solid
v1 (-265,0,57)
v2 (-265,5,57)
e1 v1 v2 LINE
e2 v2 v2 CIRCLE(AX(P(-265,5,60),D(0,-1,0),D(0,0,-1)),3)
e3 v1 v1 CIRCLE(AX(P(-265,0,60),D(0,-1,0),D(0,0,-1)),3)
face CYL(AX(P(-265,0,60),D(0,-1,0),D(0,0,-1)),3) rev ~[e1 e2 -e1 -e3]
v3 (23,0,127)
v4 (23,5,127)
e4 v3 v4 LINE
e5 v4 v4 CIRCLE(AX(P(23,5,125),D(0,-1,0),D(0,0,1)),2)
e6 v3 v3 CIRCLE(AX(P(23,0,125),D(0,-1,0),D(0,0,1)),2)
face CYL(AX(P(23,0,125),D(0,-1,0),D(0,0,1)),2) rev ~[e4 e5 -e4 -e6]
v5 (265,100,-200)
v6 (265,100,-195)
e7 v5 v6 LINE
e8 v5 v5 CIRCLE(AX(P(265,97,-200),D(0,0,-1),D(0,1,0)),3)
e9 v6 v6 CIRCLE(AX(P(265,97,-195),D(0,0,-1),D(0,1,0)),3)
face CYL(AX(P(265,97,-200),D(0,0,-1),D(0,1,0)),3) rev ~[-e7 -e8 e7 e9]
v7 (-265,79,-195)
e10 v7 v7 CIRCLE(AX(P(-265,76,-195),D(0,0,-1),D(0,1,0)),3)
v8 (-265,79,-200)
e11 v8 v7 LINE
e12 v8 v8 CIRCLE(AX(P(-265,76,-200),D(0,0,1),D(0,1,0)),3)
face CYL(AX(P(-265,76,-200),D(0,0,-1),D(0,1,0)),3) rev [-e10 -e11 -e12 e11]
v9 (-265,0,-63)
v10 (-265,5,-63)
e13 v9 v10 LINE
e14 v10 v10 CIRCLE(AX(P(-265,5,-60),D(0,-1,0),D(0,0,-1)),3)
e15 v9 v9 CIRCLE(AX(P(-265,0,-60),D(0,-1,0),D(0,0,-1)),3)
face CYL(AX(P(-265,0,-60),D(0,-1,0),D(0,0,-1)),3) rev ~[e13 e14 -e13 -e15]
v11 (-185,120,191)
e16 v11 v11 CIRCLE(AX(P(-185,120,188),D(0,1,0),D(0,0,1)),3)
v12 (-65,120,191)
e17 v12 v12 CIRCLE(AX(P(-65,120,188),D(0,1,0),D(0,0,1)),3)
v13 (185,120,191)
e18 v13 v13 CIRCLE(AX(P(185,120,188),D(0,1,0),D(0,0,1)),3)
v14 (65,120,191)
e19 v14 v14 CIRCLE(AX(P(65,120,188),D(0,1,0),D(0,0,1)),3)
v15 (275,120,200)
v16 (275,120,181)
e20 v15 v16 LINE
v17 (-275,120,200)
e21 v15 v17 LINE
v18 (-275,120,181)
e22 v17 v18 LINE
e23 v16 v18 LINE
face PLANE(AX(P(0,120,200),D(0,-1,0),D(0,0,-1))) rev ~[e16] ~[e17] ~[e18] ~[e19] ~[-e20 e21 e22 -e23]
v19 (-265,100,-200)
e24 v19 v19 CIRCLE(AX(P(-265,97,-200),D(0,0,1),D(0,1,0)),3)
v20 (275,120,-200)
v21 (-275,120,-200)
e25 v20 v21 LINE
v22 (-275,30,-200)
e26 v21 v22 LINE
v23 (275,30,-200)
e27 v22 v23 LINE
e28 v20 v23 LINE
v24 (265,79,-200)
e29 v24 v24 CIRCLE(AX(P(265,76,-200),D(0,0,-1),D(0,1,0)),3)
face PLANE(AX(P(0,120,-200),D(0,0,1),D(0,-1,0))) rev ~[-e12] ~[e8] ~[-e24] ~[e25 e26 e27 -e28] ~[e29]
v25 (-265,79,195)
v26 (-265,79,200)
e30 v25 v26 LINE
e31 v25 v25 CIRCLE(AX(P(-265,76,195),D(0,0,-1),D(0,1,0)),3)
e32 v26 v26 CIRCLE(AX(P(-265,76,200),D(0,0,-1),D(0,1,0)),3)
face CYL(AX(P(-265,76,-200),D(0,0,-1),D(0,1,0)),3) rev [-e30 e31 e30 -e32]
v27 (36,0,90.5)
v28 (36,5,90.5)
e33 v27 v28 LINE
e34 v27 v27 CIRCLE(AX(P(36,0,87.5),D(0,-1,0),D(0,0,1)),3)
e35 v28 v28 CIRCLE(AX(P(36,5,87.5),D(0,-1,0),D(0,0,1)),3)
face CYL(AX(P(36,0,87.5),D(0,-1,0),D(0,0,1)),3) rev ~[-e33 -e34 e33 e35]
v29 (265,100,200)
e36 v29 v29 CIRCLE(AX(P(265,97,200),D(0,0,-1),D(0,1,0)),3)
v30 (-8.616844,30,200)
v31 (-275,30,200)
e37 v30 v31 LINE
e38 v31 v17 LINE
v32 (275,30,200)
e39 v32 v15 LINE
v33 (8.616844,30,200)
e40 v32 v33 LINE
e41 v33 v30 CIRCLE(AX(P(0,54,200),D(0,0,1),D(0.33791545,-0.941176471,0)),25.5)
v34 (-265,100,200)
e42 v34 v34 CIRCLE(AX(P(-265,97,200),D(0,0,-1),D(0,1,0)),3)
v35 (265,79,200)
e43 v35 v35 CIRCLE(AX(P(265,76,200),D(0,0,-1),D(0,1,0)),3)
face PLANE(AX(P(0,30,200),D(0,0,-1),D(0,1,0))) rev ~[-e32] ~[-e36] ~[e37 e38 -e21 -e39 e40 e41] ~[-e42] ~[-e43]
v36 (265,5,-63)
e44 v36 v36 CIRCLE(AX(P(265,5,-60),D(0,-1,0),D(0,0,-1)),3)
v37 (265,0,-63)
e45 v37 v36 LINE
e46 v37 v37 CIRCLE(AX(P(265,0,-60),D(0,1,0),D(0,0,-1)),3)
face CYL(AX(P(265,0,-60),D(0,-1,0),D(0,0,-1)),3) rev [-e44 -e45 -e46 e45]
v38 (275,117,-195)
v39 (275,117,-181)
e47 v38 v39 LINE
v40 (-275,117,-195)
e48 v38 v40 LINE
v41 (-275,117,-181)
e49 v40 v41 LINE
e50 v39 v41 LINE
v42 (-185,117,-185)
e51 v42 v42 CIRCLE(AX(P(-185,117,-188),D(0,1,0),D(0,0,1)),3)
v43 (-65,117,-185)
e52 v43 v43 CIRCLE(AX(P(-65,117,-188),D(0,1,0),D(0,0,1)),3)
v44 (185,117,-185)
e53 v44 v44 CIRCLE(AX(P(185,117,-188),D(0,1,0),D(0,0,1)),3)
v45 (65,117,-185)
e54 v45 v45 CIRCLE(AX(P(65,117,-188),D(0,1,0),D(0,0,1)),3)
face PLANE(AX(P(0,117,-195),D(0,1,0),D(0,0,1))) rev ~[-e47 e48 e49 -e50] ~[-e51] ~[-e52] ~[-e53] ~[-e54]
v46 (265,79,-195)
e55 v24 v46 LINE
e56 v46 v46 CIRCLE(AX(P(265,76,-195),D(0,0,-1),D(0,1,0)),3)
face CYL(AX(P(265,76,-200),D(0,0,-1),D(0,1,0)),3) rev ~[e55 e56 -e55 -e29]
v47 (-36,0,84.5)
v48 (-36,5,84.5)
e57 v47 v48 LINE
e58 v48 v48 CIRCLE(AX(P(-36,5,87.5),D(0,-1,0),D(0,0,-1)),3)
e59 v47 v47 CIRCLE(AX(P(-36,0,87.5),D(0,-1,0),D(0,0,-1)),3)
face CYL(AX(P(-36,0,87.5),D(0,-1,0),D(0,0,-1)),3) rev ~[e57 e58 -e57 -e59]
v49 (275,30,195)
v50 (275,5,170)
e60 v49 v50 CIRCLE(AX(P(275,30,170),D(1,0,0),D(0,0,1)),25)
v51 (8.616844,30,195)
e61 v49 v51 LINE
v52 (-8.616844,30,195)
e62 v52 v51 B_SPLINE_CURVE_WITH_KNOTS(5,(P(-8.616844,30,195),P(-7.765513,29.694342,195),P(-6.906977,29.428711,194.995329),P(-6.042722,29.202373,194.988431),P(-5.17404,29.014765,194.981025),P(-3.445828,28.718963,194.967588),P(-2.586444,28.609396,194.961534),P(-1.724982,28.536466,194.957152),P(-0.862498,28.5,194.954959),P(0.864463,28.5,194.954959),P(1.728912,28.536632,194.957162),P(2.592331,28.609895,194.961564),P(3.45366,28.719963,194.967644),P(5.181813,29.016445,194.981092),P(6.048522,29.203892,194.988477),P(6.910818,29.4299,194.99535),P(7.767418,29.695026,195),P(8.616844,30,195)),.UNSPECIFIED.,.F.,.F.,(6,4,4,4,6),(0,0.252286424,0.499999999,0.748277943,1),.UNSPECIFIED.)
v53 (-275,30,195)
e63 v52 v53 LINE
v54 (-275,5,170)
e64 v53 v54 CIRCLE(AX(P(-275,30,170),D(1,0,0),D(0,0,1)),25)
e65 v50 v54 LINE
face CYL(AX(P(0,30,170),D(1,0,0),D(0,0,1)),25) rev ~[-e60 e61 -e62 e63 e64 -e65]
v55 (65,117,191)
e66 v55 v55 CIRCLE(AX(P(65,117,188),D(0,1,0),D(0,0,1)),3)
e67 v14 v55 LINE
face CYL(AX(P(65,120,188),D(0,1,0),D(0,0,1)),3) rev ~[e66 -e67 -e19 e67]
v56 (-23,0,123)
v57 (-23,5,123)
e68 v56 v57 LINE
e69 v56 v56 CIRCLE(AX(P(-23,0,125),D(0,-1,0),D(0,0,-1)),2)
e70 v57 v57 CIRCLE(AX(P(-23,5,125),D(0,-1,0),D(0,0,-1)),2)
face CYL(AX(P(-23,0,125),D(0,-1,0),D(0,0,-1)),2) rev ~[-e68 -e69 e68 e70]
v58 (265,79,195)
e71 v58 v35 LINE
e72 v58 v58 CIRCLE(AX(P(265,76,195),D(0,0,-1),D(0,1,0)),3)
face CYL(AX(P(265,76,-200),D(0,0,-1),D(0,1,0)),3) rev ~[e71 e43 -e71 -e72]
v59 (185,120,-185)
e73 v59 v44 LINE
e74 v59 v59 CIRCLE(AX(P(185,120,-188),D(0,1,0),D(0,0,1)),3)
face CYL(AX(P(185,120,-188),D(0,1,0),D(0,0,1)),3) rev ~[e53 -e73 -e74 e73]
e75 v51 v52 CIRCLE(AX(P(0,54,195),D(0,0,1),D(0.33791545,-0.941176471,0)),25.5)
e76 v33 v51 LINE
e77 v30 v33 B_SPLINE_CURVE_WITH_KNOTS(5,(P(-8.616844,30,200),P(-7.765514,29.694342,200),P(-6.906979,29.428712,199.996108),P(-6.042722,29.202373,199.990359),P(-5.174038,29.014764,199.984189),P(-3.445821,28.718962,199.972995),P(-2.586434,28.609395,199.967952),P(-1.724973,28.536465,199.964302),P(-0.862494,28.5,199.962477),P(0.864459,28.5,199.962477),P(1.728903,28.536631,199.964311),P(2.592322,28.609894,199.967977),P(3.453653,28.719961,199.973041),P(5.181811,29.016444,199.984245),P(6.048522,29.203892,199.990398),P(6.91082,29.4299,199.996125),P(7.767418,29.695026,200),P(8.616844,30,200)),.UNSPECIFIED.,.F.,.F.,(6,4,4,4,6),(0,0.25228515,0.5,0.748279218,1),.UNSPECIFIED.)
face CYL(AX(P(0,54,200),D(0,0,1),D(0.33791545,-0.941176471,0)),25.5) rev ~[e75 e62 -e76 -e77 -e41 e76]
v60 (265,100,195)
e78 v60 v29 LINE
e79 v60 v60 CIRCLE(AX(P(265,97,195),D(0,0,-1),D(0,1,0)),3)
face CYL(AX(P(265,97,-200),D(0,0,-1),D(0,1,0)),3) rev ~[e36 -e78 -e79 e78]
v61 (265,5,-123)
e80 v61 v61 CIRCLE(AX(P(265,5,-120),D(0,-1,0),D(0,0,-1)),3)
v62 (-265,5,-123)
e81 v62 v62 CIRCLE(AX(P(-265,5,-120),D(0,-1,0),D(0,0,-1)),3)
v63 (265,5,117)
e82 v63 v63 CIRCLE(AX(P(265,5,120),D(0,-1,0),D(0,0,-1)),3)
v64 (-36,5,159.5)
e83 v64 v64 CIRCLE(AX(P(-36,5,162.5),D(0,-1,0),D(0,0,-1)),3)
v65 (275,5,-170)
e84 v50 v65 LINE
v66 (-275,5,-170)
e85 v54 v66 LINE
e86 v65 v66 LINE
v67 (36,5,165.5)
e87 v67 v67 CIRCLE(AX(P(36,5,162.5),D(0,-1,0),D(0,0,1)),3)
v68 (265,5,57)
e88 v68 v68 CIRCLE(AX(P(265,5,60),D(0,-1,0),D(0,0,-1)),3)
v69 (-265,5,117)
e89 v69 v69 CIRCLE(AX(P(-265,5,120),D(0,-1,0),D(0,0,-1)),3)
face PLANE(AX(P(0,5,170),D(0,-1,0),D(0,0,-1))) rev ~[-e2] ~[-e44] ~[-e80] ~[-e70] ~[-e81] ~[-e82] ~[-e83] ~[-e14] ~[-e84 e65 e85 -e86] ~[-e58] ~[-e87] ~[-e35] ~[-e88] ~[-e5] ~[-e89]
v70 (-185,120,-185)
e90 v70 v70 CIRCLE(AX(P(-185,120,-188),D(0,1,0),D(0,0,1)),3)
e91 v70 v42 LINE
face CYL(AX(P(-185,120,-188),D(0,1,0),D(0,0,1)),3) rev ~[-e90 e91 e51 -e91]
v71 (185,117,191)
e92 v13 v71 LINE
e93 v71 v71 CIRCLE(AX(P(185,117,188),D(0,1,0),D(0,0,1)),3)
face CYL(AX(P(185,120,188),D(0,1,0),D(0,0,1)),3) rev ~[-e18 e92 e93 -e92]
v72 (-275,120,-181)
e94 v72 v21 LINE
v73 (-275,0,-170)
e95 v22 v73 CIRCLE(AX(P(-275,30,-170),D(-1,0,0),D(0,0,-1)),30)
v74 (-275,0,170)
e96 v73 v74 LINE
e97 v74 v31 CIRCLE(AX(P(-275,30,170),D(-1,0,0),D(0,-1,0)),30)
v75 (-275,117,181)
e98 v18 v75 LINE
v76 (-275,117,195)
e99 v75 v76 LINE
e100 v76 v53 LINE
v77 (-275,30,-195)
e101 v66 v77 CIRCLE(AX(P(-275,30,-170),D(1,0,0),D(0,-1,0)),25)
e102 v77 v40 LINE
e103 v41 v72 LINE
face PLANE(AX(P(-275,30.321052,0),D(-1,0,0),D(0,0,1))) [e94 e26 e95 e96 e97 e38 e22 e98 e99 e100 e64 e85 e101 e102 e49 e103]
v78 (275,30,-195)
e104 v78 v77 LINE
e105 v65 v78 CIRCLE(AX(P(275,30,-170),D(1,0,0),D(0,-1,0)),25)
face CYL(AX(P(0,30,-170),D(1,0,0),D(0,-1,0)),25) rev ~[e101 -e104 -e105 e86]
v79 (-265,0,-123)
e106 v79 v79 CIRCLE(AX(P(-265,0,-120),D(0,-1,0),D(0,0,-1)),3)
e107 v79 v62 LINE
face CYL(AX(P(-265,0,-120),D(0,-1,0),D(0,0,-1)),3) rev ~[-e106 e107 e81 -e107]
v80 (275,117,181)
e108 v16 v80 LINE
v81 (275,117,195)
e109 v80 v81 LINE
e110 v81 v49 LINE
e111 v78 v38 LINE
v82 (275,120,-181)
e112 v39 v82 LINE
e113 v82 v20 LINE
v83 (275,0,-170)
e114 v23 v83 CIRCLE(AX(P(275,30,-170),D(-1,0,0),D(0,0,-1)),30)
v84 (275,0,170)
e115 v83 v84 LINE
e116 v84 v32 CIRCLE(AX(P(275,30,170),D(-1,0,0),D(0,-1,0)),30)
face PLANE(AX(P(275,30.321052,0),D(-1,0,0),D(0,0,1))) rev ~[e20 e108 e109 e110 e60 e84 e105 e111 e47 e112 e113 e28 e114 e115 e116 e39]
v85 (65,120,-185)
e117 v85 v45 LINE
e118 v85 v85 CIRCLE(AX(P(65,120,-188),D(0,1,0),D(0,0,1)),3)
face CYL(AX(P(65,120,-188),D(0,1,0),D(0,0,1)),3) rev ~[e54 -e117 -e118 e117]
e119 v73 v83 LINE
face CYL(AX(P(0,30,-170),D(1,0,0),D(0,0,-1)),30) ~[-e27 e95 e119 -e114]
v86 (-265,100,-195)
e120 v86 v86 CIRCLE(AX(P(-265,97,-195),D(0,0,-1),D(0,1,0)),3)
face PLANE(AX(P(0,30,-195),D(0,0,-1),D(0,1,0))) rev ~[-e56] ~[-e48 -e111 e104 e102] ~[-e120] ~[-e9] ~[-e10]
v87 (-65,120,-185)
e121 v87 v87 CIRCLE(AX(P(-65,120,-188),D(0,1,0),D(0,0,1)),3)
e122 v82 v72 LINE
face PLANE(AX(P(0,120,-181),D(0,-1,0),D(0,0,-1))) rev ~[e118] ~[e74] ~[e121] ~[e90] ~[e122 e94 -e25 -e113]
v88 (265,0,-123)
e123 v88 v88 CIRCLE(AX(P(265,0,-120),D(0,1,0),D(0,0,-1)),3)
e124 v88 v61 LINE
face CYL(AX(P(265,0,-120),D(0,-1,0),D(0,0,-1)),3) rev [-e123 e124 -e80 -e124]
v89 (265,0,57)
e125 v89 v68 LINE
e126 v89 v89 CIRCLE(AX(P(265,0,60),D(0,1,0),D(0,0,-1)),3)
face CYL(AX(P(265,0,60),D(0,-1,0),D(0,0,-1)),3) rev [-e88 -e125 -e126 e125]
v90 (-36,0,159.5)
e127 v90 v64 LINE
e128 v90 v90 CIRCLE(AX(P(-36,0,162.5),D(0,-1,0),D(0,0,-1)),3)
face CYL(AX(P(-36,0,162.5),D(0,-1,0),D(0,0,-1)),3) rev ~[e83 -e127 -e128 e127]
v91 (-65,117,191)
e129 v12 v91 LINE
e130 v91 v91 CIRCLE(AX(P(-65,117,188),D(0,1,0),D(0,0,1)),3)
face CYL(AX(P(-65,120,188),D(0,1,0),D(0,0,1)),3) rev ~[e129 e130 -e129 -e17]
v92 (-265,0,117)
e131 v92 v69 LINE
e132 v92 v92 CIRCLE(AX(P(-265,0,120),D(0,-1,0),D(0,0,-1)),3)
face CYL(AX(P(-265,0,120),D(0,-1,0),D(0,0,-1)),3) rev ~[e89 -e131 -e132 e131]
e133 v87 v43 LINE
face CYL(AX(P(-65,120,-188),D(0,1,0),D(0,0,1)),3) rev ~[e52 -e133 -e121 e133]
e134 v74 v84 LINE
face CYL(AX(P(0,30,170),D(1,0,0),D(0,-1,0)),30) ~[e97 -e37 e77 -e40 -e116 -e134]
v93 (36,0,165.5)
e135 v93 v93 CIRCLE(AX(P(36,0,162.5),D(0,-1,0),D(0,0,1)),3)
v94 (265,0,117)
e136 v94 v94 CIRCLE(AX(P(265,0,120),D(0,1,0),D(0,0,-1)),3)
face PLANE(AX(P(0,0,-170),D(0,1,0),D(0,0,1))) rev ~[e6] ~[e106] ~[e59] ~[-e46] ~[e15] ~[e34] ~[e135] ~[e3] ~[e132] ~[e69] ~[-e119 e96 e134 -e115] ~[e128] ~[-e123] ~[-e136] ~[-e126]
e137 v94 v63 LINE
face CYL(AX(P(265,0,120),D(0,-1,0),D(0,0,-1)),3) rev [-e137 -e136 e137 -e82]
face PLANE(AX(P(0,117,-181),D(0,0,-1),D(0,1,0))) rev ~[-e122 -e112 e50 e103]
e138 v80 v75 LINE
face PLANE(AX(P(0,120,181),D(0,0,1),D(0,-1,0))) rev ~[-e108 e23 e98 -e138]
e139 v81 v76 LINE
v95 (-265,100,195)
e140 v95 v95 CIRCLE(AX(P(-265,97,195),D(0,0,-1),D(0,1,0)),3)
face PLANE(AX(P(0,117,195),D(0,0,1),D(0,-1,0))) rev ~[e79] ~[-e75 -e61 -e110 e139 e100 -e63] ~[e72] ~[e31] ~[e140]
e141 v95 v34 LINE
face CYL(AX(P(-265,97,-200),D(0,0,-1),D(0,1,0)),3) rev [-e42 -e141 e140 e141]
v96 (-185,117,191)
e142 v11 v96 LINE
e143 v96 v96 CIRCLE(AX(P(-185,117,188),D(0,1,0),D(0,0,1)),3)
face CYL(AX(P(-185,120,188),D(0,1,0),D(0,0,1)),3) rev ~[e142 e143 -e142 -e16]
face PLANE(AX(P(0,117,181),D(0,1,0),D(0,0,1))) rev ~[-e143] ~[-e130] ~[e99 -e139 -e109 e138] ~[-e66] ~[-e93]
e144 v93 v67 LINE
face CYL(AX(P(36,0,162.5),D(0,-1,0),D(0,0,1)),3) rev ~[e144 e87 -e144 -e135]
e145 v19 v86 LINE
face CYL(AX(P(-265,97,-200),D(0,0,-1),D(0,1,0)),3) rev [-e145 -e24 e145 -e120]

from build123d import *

# Parameters (mm, degrees)
EXTRUDE_1_DEPTH     = 275
SKETCH_6_R          = 25.5
CUT_EXTRUDE_3_DEPTH = 50
SKETCH_11_R         = 2
SKETCH_11_R_2       = 3
CUT_EXTRUDE_4_DEPTH = 10
SKETCH_12_R         = 3
CUT_EXTRUDE_5_DEPTH = 501.02499951
SKETCH_13_R         = 3
CUT_EXTRUDE_6_DEPTH = 13
SKETCH_14_R         = 3
CUT_EXTRUDE_7_DEPTH = 13


with BuildPart() as part:
    # 草图1 → 凸台-拉伸1 (new, symmetric)
    with BuildSketch(Plane(origin=(0, 0, 0), x_dir=(0, 0, -1), z_dir=(1, 0, 0))):
        with BuildLine():
            Line((0, 0), (-170, 0))
            ThreePointArc((-170, 0), (-191.213203436, 8.786796564), (-200, 30))
            Line((-200, 30), (-200, 120))
            Line((-200, 120), (-181, 120))
            Line((-181, 120), (-181, 117))
            Line((-181, 117), (-195, 117))
            Line((-195, 117), (-195, 115))
            Line((-195, 115), (-195, 30))
            ThreePointArc((-195, 30), (-187.67766953, 12.32233047), (-170, 5))
            Line((-170, 5), (0, 5))
            Line((0, 5), (170, 5))
            ThreePointArc((170, 5), (187.67766953, 12.32233047), (195, 30))
            Line((195, 30), (195, 115))
            Line((195, 115), (195, 117))
            Line((195, 117), (181, 117))
            Line((181, 117), (181, 120))
            Line((181, 120), (200, 120))
            Line((200, 120), (200, 30))
            ThreePointArc((200, 30), (191.213203436, 8.786796564), (170, 0))
            Line((170, 0), (0, 0))
        make_face()
    extrude(amount=EXTRUDE_1_DEPTH, both=True)

    # 草图6 → 切除-拉伸3 (cut)
    with BuildSketch(Plane.XY.offset(200)):
        with Locations(Location((0, 54, 0), (0, 0, 289.749922796))):
            Circle(SKETCH_6_R)
    extrude(amount=-CUT_EXTRUDE_3_DEPTH, mode=Mode.SUBTRACT)

    # 草图11 → 切除-拉伸4 (cut)
    with BuildSketch(Plane.XZ):
        with Locations(Location((-23, 125, 0), (0, 0, 270))):
            Circle(SKETCH_11_R)
        with Locations(Location((-36, 162.5, 0), (0, 0, 270))):
            Circle(SKETCH_11_R_2)
        with Locations(Location((-36, 87.5, 0), (0, 0, 270))):
            Circle(SKETCH_11_R_2)
        with Locations(Location((36, 87.5, 0), (0, 0, 90))):
            Circle(SKETCH_11_R_2)
        with Locations(Location((36, 162.5, 0), (0, 0, 90))):
            Circle(SKETCH_11_R_2)
        with Locations(Location((23, 125, 0), (0, 0, 90))):
            Circle(SKETCH_11_R)
    extrude(amount=-CUT_EXTRUDE_4_DEPTH, mode=Mode.SUBTRACT)

    # 草图12 → 切除-拉伸5 (cut, through all)
    with BuildSketch(Plane(origin=(0, 0, -200), x_dir=(-1, 0, 0), z_dir=(0, 0, -1))):
        with Locations(Location((-265, 97, 0), (0, 0, 90))):
            Circle(SKETCH_12_R)
        with Locations(Location((-265, 76, 0), (0, 0, 90))):
            Circle(SKETCH_12_R)
    cut_extrude_5 = extrude(amount=-CUT_EXTRUDE_5_DEPTH, mode=Mode.SUBTRACT)

    # 镜向1: 切除-拉伸5 across plane
    add(cut_extrude_5.mirror(Plane(origin=(0, 0, 0), x_dir=(0, 0, 1), z_dir=(1, 0, 0))), mode=Mode.SUBTRACT)

    # 草图13 → 切除-拉伸6 (cut)
    with BuildSketch(Plane.XZ):
        with Locations(Location((-265, 120, 0), (0, 0, 270))):
            Circle(SKETCH_13_R)
        with Locations(Location((-265, 60, 0), (0, 0, 270))):
            Circle(SKETCH_13_R)
        with Locations(Location((-265, -120, 0), (0, 0, 270))):
            Circle(SKETCH_13_R)
        with Locations(Location((-265, -60, 0), (0, 0, 270))):
            Circle(SKETCH_13_R)
    cut_extrude_6 = extrude(amount=-CUT_EXTRUDE_6_DEPTH, mode=Mode.SUBTRACT)

    # 镜向2: 切除-拉伸6 across plane
    add(cut_extrude_6.mirror(Plane(origin=(0, 0, 0), x_dir=(0, 0, 1), z_dir=(1, 0, 0))), mode=Mode.SUBTRACT)

    # 草图14 → 切除-拉伸7 (cut)
    with BuildSketch(Plane(origin=(0, 120, 0), x_dir=(1, 0, 0), z_dir=(0, 1, 0))):
        with Locations(Location((-185, -188, 0), (0, 0, 270))):
            Circle(SKETCH_14_R)
        with Locations(Location((-65, -188, 0), (0, 0, 270))):
            Circle(SKETCH_14_R)
        with Locations(Location((65, -188, 0), (0, 0, 270))):
            Circle(SKETCH_14_R)
        with Locations(Location((185, -188, 0), (0, 0, 270))):
            Circle(SKETCH_14_R)
        with Locations(Location((185, 188, 0), (0, 0, 270))):
            Circle(SKETCH_14_R)
        with Locations(Location((65, 188, 0), (0, 0, 270))):
            Circle(SKETCH_14_R)
        with Locations(Location((-65, 188, 0), (0, 0, 270))):
            Circle(SKETCH_14_R)
        with Locations(Location((-185, 188, 0), (0, 0, 270))):
            Circle(SKETCH_14_R)
    extrude(amount=-CUT_EXTRUDE_7_DEPTH, mode=Mode.SUBTRACT)


solid = part.part
